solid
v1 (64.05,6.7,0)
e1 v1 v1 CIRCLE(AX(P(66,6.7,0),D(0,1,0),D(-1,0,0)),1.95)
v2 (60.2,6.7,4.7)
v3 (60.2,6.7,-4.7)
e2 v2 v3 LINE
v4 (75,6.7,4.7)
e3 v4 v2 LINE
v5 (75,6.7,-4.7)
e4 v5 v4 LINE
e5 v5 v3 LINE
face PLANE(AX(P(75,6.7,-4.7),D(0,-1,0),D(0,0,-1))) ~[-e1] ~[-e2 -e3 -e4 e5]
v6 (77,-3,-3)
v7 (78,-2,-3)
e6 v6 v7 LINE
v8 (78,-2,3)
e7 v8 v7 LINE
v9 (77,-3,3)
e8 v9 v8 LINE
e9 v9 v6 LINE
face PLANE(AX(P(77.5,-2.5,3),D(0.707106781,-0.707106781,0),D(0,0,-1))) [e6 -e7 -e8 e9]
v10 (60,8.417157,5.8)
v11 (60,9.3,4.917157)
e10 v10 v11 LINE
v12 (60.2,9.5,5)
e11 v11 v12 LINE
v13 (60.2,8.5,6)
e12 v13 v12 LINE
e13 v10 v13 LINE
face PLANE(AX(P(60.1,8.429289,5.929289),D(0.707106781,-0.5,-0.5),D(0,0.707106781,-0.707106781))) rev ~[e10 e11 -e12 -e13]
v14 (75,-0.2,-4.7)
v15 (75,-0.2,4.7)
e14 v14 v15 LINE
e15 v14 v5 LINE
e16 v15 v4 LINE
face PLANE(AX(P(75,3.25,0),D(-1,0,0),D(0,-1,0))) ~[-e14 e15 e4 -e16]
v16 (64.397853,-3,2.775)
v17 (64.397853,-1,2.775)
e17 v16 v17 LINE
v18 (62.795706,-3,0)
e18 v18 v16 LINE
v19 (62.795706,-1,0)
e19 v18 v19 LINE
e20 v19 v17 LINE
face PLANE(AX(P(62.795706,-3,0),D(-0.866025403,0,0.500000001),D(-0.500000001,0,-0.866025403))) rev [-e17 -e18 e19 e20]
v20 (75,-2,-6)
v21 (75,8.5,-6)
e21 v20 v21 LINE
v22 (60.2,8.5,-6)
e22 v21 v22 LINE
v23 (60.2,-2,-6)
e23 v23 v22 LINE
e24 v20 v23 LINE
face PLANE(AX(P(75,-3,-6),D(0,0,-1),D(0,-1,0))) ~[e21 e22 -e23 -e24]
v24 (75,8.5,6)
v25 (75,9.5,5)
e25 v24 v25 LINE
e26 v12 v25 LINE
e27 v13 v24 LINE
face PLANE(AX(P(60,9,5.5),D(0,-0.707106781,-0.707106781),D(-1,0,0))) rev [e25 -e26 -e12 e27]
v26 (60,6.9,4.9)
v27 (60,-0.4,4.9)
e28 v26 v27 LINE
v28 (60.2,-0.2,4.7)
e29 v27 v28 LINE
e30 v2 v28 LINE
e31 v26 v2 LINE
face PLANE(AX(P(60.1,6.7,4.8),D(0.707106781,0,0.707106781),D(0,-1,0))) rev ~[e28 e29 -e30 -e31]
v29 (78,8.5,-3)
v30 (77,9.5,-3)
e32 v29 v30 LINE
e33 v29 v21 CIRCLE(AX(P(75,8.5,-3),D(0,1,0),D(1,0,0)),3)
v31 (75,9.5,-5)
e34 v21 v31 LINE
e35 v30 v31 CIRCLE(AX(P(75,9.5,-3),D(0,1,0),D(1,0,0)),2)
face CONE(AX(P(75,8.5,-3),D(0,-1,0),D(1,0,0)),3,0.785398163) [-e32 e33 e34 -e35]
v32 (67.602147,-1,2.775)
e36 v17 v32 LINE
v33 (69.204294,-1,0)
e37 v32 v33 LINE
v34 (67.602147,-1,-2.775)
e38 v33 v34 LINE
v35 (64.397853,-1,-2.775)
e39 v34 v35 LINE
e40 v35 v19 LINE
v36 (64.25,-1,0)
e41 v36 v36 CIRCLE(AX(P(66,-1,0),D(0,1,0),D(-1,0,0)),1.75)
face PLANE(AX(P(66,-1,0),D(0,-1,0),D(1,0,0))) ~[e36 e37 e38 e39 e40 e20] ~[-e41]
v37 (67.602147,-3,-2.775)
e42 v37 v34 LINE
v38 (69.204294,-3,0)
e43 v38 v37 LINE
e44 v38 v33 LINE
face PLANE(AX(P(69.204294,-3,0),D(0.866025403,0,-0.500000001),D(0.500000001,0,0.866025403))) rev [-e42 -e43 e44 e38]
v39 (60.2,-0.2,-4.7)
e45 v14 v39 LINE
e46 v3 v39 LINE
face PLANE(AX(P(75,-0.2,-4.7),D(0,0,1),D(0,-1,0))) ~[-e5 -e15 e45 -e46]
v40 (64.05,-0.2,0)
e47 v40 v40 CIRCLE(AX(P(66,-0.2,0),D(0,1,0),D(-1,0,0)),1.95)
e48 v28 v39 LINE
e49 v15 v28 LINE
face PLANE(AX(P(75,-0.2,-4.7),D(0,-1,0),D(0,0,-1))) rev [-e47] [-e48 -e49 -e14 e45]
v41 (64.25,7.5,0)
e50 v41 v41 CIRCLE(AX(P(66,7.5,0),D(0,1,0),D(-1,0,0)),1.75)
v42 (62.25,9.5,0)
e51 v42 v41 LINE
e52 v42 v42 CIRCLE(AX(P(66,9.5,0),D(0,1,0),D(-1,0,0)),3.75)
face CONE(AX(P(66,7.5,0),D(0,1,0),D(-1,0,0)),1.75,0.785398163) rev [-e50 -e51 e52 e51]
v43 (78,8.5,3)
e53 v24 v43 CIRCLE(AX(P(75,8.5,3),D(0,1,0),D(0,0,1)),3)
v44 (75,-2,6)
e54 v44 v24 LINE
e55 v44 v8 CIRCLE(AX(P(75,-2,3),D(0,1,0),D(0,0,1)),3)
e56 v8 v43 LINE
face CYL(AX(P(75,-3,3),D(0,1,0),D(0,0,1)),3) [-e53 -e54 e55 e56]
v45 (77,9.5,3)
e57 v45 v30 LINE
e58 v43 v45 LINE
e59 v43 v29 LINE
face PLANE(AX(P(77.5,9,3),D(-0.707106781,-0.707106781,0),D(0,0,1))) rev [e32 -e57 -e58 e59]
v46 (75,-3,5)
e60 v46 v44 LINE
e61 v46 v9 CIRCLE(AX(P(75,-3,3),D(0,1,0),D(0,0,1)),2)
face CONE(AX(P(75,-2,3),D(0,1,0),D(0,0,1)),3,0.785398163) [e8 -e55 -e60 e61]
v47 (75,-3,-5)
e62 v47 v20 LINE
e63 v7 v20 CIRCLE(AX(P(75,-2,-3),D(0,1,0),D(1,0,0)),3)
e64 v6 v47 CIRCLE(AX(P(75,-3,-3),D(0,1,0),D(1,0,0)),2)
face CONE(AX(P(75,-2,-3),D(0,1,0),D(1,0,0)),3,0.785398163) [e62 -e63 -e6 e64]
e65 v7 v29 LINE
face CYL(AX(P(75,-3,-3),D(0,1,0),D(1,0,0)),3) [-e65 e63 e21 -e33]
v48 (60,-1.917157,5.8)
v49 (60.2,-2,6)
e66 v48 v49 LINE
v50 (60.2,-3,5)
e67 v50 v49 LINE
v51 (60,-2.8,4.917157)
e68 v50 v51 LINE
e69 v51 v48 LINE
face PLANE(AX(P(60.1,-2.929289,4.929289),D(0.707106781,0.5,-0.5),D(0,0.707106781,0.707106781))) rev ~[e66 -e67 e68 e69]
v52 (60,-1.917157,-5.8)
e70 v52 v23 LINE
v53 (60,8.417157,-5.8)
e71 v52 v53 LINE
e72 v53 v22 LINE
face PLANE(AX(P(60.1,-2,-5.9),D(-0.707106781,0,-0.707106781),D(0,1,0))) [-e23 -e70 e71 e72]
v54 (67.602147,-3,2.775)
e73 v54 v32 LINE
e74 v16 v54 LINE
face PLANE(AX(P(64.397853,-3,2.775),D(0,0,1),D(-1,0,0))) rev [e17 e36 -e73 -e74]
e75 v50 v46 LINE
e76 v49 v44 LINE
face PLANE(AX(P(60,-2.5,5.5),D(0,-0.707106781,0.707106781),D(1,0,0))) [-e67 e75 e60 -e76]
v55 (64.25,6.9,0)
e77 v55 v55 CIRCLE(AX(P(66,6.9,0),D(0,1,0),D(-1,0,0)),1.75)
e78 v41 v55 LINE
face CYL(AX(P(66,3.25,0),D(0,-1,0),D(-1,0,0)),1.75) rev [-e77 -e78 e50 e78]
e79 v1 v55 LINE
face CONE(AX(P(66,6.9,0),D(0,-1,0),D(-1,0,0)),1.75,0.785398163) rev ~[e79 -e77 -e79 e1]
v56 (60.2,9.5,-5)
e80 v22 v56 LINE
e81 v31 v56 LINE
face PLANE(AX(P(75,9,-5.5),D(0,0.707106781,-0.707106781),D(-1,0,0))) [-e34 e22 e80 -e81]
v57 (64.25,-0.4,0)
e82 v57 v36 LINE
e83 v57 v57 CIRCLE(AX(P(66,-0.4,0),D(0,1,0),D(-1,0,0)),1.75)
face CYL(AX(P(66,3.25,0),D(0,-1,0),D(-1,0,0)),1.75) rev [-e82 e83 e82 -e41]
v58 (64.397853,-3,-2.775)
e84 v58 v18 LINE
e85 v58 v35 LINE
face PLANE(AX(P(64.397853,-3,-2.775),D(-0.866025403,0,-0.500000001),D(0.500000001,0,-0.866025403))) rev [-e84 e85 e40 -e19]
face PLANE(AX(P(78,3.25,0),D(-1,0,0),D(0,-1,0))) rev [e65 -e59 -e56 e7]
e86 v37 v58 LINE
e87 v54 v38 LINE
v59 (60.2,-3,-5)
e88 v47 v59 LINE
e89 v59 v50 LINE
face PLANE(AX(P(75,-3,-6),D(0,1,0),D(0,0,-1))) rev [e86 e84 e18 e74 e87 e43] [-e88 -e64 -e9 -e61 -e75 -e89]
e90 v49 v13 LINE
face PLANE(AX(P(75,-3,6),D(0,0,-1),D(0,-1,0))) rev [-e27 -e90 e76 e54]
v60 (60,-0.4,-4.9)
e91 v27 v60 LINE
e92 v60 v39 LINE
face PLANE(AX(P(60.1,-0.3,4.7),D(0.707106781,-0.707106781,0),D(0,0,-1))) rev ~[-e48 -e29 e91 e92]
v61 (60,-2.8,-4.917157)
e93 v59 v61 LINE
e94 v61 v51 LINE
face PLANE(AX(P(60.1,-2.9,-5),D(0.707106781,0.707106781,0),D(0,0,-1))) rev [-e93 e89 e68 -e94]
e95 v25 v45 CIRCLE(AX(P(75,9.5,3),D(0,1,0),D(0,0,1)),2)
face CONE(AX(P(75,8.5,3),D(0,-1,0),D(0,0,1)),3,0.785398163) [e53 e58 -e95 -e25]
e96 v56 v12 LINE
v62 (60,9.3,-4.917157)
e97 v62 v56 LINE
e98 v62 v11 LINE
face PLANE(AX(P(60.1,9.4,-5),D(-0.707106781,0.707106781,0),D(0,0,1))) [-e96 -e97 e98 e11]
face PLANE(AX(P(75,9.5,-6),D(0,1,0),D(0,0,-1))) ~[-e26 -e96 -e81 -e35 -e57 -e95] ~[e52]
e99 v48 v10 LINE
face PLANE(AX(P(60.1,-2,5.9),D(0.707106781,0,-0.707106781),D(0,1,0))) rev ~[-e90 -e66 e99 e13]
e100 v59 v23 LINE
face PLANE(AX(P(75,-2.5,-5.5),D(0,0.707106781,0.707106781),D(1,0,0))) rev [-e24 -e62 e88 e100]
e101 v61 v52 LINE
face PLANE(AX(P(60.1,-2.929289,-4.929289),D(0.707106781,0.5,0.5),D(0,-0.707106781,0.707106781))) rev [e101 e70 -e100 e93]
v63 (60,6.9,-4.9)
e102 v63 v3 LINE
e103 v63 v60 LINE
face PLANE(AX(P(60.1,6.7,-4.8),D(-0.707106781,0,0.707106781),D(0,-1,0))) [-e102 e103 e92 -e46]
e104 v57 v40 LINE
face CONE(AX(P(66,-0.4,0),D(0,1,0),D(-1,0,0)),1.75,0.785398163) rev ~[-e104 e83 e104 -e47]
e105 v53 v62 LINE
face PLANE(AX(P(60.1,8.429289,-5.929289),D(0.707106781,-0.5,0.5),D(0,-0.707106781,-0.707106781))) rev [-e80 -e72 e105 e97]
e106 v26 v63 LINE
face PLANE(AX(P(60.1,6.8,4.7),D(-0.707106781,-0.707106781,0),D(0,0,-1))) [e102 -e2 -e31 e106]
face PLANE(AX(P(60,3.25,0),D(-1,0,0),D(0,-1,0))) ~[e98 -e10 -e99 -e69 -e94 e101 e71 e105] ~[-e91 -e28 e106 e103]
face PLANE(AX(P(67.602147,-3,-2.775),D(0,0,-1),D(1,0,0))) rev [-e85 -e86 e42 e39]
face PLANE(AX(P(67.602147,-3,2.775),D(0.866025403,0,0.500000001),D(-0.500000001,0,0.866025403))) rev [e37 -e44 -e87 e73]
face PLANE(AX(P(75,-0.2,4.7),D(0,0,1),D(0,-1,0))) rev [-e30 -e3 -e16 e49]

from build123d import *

# Parameters (mm, degrees)
SKETCH007_W       = 12.5
SKETCH007_H       = 12
PAD004_DEPTH      = 15
PAD004_DEPTH_BACK = 3
FILLET006_R       = 3
SKETCH008_W       = 6.9
SKETCH008_H       = 9.4
POCKET005_DEPTH   = 22
SKETCH009_R       = 1.75
POCKET006_DEPTH   = 12
CHAMFER005_SIZE   = 1
CHAMFER006_SIZE   = 0.2
CHAMFER007_SIZE   = 2
POCKET007_DEPTH   = 2


with BuildPart() as but_e:
    # Sketch007 → Pad004 (new body, two sides)
    with BuildSketch(Plane.YZ) as pad004_sk:
        Rectangle(SKETCH007_W, SKETCH007_H)
    extrude(amount=PAD004_DEPTH)
    extrude(pad004_sk.sketch, amount=-PAD004_DEPTH_BACK)

    # Fillet006
    fillet006_edges = [but_e.edges().sort_by_distance(p)[0] for p in [
        (-3, 0, 6),
        (-3, 0, -6),
    ]]
    fillet(fillet006_edges, radius=FILLET006_R)

    # Sketch008 → Pocket005 (cut)
    with BuildSketch(Plane.YZ):
        Rectangle(SKETCH008_W, SKETCH008_H)
    extrude(amount=POCKET005_DEPTH, mode=Mode.SUBTRACT)

    # Sketch009 → Pocket006 (cut, symmetric)
    with BuildSketch(Plane.XZ):
        with Locations((9, 0)):
            Circle(SKETCH009_R)
    extrude(amount=POCKET006_DEPTH, both=True, mode=Mode.SUBTRACT)

    # Chamfer005
    chamfer005_edges = [but_e.edges().sort_by_distance(p)[0] for p in [
        (7.5, -6.25, 6),
        (7.5, 6.25, 6),
    ]]
    chamfer(chamfer005_edges, length=CHAMFER005_SIZE)

    # Chamfer006
    chamfer006_edges = [but_e.edges().sort_by_distance(p)[0] for p in [
        (15, -6.25, 0),
        (15, -5.75, -5.5),
        (15, -5.75, 5.5),
        (15, 0, -6),
        (15, 0, 6),
        (15, 5.75, -5.5),
        (15, 5.75, 5.5),
        (15, 6.25, 0),
        (15, -3.45, 0),
        (15, 0, -4.7),
        (15, 3.45, 0),
        (15, 0, 4.7),
        (7.25, -3.45, 0),
        (7.25, 3.45, 0),
    ]]
    chamfer(chamfer006_edges, length=CHAMFER006_SIZE)

    # Chamfer007
    chamfer007_edges = [but_e.edges().sort_by_distance(p)[0] for p in [
        (7.25, 6.25, 0),
    ]]
    chamfer(chamfer007_edges, length=CHAMFER007_SIZE)

    # Sketch010 (on Face34 of Chamfer007) → Pocket007 (cut)
    with BuildSketch(Plane.XZ.offset(6.25)):
        Polygon((12.204294, 0), (10.602147, 2.775), (7.397853, 2.775), (5.795706, 0), (7.397853, -2.775), (10.602147, -2.775), align=None)
    extrude(amount=-POCKET007_DEPTH, mode=Mode.SUBTRACT)


with BuildPart() as but_e_1:
    # Body003 placement: moved
    add(but_e.part.moved(Location((-75, 3.25, 0))))


with BuildPart() as part_mirroring001:
    # Part__Mirroring001: instance of Butée
    add(but_e_1.part.mirror(Plane(origin=(0, 0, 0), x_dir=(0, -1, 0), z_dir=(1, 0, 0))))


solid = part_mirroring001.part
